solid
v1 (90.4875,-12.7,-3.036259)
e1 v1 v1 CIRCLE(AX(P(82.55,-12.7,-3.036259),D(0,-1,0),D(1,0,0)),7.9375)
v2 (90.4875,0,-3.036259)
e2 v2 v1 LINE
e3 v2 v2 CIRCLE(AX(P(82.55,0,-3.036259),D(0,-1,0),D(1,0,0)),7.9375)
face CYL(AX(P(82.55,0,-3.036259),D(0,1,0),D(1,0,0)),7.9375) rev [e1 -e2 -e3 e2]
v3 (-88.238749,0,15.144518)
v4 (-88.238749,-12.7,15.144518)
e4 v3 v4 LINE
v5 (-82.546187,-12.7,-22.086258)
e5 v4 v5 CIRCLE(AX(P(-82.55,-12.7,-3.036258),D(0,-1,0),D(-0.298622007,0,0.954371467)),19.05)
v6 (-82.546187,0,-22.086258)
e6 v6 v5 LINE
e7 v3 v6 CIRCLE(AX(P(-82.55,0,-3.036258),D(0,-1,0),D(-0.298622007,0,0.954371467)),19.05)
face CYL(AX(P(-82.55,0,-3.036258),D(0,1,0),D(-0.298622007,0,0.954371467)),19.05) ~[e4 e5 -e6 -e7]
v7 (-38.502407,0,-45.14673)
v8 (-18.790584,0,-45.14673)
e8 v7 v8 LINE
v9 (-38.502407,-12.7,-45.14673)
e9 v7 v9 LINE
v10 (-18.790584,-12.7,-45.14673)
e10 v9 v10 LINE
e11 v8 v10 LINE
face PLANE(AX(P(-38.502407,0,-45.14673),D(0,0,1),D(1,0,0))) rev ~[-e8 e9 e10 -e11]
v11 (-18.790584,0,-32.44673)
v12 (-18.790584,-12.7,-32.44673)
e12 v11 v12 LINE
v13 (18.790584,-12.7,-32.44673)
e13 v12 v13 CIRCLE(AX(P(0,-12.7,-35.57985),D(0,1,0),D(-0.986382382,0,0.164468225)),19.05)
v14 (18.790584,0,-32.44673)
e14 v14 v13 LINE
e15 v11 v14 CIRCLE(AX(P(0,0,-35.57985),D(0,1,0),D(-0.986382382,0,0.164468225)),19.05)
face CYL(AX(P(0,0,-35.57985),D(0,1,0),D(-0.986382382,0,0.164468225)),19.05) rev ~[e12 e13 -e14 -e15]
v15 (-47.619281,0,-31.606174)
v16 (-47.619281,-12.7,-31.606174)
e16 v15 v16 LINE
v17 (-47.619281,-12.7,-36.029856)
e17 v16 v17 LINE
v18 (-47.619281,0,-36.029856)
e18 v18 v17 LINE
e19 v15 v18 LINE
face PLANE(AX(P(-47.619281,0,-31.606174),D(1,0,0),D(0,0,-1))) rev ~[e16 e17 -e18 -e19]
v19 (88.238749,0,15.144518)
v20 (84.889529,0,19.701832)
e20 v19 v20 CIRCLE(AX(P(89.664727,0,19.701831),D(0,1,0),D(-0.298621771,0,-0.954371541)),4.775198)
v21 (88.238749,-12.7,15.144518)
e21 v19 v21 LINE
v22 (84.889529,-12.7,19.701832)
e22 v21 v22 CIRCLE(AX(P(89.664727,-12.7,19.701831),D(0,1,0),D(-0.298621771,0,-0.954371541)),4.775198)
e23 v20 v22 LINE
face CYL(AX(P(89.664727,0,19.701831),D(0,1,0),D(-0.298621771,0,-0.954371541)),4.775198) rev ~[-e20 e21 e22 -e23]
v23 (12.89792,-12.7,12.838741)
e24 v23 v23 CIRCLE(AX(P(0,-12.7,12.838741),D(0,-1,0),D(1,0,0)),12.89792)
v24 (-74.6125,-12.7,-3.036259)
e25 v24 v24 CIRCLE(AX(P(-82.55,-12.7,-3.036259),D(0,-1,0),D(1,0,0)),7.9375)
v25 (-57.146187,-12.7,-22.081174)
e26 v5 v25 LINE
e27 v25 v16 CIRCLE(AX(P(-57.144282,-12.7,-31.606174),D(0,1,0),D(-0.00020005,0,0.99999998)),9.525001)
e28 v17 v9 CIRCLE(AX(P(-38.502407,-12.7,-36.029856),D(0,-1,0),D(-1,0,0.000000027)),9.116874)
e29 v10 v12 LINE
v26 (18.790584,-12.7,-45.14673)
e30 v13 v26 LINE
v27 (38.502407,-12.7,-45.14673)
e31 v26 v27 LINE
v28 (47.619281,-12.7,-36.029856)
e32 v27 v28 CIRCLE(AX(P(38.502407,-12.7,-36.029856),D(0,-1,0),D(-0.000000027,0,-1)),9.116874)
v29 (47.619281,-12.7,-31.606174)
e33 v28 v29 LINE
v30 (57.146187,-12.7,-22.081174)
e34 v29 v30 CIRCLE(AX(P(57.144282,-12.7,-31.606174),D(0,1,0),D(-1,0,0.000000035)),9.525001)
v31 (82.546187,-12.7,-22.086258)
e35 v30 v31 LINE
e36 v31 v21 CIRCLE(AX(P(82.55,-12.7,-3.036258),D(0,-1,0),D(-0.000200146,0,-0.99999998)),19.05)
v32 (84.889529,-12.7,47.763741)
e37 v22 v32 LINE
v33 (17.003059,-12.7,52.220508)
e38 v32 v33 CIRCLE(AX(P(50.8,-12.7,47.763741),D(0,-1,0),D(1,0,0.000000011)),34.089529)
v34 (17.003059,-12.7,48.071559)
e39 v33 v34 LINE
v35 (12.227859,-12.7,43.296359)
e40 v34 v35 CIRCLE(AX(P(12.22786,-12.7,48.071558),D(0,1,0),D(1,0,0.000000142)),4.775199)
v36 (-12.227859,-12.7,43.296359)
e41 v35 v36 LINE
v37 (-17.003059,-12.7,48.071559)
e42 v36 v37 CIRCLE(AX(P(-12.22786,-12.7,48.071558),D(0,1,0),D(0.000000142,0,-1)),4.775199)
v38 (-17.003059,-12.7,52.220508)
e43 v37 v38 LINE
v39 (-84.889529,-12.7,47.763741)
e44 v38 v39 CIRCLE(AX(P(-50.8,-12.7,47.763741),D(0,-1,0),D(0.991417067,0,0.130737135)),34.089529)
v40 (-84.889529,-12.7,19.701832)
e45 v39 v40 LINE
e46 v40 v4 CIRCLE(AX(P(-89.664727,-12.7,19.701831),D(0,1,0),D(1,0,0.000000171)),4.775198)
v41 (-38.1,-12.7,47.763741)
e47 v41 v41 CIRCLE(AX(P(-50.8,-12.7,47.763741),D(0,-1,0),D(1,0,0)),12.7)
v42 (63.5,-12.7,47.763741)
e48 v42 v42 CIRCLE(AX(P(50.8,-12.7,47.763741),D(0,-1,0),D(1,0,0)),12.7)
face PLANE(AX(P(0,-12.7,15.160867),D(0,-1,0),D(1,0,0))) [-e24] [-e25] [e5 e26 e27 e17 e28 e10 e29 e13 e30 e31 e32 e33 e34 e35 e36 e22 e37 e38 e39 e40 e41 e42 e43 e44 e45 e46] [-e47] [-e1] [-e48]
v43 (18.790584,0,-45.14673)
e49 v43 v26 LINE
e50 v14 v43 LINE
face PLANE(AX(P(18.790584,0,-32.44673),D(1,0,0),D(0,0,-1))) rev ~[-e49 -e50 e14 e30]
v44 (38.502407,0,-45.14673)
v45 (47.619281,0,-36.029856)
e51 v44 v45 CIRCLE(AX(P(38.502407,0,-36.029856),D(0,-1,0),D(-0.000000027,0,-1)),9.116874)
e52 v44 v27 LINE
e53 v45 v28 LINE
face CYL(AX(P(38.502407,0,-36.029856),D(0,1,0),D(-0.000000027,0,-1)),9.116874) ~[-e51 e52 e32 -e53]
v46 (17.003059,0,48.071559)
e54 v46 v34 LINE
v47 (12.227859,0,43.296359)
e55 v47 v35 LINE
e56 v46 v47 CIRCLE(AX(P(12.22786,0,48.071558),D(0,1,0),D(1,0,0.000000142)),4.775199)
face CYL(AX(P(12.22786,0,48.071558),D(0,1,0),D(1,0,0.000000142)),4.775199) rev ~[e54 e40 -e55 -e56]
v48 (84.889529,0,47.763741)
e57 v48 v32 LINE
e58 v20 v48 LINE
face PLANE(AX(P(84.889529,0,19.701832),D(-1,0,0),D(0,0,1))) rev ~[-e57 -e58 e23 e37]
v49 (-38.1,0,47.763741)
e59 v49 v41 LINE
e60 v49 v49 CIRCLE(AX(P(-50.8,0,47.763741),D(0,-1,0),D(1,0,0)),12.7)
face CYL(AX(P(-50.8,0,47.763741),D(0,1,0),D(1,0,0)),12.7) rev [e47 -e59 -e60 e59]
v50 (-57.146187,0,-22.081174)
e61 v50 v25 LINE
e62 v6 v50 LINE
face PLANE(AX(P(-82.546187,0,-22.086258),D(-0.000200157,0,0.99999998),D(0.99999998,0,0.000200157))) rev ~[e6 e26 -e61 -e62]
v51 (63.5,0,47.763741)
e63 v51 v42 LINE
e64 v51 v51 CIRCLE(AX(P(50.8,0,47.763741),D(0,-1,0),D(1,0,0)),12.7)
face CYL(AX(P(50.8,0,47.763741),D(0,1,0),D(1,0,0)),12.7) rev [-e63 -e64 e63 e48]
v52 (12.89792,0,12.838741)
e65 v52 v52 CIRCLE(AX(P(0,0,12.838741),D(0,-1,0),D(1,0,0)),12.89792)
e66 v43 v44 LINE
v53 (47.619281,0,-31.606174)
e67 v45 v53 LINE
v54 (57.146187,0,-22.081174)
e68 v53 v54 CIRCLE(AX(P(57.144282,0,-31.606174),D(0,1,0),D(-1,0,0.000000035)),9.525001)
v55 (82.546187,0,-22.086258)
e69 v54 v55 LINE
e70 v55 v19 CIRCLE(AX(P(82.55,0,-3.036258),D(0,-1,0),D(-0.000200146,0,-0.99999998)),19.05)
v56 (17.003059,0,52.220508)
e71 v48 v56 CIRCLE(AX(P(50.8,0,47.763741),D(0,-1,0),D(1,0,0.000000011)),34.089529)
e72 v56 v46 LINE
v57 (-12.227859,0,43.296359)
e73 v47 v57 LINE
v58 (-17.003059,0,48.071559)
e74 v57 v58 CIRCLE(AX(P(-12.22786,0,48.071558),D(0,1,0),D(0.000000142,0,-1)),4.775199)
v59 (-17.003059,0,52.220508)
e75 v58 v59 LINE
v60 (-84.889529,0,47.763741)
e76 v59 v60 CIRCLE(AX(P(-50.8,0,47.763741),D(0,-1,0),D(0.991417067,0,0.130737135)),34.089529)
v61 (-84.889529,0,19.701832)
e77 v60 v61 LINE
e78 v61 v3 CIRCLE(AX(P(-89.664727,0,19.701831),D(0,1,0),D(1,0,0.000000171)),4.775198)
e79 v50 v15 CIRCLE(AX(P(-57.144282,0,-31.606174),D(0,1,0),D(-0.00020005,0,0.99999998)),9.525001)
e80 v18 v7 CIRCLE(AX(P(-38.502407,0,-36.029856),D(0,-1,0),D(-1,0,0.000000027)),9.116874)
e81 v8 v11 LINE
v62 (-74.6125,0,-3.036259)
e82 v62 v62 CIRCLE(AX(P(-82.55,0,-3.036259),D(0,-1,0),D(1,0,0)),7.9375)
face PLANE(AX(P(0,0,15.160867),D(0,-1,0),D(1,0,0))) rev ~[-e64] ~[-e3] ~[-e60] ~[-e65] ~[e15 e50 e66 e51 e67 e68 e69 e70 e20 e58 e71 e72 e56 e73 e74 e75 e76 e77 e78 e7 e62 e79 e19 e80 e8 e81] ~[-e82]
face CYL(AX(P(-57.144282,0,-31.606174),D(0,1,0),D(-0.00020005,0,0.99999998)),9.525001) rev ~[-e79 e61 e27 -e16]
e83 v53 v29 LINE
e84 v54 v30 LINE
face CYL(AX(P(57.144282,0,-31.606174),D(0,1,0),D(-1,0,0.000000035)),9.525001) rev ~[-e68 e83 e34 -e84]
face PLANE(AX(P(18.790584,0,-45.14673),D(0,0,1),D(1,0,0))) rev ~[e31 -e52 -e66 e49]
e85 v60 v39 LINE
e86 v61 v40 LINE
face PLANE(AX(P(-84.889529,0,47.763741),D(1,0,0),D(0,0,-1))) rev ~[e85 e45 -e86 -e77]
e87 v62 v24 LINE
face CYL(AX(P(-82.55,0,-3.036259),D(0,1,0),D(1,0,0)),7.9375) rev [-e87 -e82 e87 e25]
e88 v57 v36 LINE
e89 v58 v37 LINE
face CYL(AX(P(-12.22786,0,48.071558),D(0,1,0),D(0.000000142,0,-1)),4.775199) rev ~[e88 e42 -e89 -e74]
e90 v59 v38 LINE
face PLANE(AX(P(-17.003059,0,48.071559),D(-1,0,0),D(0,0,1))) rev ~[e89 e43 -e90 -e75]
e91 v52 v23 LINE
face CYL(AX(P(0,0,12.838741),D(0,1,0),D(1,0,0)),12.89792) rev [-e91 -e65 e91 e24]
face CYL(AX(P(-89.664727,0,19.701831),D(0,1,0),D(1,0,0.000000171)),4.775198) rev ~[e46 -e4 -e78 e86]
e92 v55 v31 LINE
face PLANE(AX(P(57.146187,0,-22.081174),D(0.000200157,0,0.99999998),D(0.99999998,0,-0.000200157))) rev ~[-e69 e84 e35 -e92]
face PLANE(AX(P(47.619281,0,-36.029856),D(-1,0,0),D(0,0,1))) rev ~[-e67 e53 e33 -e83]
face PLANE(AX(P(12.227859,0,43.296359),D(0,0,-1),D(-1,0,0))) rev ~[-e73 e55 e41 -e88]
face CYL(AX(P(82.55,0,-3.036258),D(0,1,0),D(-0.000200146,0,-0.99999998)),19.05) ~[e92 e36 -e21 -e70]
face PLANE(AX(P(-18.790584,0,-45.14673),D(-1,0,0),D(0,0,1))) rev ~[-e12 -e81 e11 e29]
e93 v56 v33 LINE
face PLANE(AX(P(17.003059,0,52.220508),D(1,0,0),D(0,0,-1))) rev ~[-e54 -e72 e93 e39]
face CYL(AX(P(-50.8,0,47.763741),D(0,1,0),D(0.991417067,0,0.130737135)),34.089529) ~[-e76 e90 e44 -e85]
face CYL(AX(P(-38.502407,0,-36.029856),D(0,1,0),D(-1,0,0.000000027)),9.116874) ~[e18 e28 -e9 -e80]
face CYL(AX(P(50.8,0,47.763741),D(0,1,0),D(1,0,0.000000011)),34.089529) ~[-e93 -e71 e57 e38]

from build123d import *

# Parameters (mm, degrees)
F0_R     = 7.9375
F0_R_2   = 12.89792
F0_R_3   = 12.7
F1_DEPTH = 12.7


with BuildPart() as f1:
    # F0 (on Front) → F1 (new body)
    with BuildSketch(Plane.XZ):
        with BuildLine():
            ThreePointArc((84.889529, 47.763741), (53.033181, 81.780044), (17.003059, 52.220508))
            Line((17.003059, 52.220508), (17.003059, 48.071559))
            ThreePointArc((17.003059, 48.071559), (15.604436, 44.694983), (12.227859, 43.296359))
            Line((12.227859, 43.296359), (-12.227859, 43.296359))
            ThreePointArc((-12.227859, 43.296359), (-15.604436, 44.694983), (-17.003059, 48.071559))
            Line((-17.003059, 48.071559), (-17.003059, 52.220508))
            ThreePointArc((-17.003059, 52.220508), (-53.033181, 81.780044), (-84.889529, 47.763741))
            Line((-84.889529, 47.763741), (-84.889529, 19.701832))
            ThreePointArc((-84.889529, 19.701832), (-85.81688, 16.874007), (-88.238749, 15.144518))
            ThreePointArc((-88.238749, 15.144518), (-101.381152, -5.91553), (-82.546187, -22.086258))
            Line((-82.546187, -22.086258), (-57.146187, -22.081174))
            ThreePointArc((-57.146187, -22.081174), (-50.409763, -24.870308), (-47.619281, -31.606174))
            Line((-47.619281, -31.606174), (-47.619281, -36.029856))
            ThreePointArc((-47.619281, -36.029856), (-44.94901, -42.47646), (-38.502407, -45.14673))
            Line((-38.502407, -45.14673), (-18.790584, -45.14673))
            Line((-18.790584, -45.14673), (-18.790584, -32.44673))
            ThreePointArc((-18.790584, -32.44673), (0, -16.52985), (18.790584, -32.44673))
            Line((18.790584, -32.44673), (18.790584, -45.14673))
            Line((18.790584, -45.14673), (38.502407, -45.14673))
            ThreePointArc((38.502407, -45.14673), (44.94901, -42.47646), (47.619281, -36.029856))
            Line((47.619281, -36.029856), (47.619281, -31.606174))
            ThreePointArc((47.619281, -31.606174), (50.409763, -24.870308), (57.146187, -22.081174))
            Line((57.146187, -22.081174), (82.546187, -22.086258))
            ThreePointArc((82.546187, -22.086258), (101.381152, -5.91553), (88.238749, 15.144518))
            ThreePointArc((88.238749, 15.144518), (85.81688, 16.874007), (84.889529, 19.701832))
            Line((84.889529, 19.701832), (84.889529, 47.763741))
        make_face()
        with Locations((-82.55, -3.036259)):
            Circle(F0_R, mode=Mode.SUBTRACT)
        with Locations((0, 12.838741)):
            Circle(F0_R_2, mode=Mode.SUBTRACT)
        with Locations((82.55, -3.036259)):
            Circle(F0_R, mode=Mode.SUBTRACT)
        with Locations((-50.8, 47.763741)):
            Circle(F0_R_3, mode=Mode.SUBTRACT)
        with Locations((50.8, 47.763741)):
            Circle(F0_R_3, mode=Mode.SUBTRACT)
    extrude(amount=F1_DEPTH)


solid = f1.part
